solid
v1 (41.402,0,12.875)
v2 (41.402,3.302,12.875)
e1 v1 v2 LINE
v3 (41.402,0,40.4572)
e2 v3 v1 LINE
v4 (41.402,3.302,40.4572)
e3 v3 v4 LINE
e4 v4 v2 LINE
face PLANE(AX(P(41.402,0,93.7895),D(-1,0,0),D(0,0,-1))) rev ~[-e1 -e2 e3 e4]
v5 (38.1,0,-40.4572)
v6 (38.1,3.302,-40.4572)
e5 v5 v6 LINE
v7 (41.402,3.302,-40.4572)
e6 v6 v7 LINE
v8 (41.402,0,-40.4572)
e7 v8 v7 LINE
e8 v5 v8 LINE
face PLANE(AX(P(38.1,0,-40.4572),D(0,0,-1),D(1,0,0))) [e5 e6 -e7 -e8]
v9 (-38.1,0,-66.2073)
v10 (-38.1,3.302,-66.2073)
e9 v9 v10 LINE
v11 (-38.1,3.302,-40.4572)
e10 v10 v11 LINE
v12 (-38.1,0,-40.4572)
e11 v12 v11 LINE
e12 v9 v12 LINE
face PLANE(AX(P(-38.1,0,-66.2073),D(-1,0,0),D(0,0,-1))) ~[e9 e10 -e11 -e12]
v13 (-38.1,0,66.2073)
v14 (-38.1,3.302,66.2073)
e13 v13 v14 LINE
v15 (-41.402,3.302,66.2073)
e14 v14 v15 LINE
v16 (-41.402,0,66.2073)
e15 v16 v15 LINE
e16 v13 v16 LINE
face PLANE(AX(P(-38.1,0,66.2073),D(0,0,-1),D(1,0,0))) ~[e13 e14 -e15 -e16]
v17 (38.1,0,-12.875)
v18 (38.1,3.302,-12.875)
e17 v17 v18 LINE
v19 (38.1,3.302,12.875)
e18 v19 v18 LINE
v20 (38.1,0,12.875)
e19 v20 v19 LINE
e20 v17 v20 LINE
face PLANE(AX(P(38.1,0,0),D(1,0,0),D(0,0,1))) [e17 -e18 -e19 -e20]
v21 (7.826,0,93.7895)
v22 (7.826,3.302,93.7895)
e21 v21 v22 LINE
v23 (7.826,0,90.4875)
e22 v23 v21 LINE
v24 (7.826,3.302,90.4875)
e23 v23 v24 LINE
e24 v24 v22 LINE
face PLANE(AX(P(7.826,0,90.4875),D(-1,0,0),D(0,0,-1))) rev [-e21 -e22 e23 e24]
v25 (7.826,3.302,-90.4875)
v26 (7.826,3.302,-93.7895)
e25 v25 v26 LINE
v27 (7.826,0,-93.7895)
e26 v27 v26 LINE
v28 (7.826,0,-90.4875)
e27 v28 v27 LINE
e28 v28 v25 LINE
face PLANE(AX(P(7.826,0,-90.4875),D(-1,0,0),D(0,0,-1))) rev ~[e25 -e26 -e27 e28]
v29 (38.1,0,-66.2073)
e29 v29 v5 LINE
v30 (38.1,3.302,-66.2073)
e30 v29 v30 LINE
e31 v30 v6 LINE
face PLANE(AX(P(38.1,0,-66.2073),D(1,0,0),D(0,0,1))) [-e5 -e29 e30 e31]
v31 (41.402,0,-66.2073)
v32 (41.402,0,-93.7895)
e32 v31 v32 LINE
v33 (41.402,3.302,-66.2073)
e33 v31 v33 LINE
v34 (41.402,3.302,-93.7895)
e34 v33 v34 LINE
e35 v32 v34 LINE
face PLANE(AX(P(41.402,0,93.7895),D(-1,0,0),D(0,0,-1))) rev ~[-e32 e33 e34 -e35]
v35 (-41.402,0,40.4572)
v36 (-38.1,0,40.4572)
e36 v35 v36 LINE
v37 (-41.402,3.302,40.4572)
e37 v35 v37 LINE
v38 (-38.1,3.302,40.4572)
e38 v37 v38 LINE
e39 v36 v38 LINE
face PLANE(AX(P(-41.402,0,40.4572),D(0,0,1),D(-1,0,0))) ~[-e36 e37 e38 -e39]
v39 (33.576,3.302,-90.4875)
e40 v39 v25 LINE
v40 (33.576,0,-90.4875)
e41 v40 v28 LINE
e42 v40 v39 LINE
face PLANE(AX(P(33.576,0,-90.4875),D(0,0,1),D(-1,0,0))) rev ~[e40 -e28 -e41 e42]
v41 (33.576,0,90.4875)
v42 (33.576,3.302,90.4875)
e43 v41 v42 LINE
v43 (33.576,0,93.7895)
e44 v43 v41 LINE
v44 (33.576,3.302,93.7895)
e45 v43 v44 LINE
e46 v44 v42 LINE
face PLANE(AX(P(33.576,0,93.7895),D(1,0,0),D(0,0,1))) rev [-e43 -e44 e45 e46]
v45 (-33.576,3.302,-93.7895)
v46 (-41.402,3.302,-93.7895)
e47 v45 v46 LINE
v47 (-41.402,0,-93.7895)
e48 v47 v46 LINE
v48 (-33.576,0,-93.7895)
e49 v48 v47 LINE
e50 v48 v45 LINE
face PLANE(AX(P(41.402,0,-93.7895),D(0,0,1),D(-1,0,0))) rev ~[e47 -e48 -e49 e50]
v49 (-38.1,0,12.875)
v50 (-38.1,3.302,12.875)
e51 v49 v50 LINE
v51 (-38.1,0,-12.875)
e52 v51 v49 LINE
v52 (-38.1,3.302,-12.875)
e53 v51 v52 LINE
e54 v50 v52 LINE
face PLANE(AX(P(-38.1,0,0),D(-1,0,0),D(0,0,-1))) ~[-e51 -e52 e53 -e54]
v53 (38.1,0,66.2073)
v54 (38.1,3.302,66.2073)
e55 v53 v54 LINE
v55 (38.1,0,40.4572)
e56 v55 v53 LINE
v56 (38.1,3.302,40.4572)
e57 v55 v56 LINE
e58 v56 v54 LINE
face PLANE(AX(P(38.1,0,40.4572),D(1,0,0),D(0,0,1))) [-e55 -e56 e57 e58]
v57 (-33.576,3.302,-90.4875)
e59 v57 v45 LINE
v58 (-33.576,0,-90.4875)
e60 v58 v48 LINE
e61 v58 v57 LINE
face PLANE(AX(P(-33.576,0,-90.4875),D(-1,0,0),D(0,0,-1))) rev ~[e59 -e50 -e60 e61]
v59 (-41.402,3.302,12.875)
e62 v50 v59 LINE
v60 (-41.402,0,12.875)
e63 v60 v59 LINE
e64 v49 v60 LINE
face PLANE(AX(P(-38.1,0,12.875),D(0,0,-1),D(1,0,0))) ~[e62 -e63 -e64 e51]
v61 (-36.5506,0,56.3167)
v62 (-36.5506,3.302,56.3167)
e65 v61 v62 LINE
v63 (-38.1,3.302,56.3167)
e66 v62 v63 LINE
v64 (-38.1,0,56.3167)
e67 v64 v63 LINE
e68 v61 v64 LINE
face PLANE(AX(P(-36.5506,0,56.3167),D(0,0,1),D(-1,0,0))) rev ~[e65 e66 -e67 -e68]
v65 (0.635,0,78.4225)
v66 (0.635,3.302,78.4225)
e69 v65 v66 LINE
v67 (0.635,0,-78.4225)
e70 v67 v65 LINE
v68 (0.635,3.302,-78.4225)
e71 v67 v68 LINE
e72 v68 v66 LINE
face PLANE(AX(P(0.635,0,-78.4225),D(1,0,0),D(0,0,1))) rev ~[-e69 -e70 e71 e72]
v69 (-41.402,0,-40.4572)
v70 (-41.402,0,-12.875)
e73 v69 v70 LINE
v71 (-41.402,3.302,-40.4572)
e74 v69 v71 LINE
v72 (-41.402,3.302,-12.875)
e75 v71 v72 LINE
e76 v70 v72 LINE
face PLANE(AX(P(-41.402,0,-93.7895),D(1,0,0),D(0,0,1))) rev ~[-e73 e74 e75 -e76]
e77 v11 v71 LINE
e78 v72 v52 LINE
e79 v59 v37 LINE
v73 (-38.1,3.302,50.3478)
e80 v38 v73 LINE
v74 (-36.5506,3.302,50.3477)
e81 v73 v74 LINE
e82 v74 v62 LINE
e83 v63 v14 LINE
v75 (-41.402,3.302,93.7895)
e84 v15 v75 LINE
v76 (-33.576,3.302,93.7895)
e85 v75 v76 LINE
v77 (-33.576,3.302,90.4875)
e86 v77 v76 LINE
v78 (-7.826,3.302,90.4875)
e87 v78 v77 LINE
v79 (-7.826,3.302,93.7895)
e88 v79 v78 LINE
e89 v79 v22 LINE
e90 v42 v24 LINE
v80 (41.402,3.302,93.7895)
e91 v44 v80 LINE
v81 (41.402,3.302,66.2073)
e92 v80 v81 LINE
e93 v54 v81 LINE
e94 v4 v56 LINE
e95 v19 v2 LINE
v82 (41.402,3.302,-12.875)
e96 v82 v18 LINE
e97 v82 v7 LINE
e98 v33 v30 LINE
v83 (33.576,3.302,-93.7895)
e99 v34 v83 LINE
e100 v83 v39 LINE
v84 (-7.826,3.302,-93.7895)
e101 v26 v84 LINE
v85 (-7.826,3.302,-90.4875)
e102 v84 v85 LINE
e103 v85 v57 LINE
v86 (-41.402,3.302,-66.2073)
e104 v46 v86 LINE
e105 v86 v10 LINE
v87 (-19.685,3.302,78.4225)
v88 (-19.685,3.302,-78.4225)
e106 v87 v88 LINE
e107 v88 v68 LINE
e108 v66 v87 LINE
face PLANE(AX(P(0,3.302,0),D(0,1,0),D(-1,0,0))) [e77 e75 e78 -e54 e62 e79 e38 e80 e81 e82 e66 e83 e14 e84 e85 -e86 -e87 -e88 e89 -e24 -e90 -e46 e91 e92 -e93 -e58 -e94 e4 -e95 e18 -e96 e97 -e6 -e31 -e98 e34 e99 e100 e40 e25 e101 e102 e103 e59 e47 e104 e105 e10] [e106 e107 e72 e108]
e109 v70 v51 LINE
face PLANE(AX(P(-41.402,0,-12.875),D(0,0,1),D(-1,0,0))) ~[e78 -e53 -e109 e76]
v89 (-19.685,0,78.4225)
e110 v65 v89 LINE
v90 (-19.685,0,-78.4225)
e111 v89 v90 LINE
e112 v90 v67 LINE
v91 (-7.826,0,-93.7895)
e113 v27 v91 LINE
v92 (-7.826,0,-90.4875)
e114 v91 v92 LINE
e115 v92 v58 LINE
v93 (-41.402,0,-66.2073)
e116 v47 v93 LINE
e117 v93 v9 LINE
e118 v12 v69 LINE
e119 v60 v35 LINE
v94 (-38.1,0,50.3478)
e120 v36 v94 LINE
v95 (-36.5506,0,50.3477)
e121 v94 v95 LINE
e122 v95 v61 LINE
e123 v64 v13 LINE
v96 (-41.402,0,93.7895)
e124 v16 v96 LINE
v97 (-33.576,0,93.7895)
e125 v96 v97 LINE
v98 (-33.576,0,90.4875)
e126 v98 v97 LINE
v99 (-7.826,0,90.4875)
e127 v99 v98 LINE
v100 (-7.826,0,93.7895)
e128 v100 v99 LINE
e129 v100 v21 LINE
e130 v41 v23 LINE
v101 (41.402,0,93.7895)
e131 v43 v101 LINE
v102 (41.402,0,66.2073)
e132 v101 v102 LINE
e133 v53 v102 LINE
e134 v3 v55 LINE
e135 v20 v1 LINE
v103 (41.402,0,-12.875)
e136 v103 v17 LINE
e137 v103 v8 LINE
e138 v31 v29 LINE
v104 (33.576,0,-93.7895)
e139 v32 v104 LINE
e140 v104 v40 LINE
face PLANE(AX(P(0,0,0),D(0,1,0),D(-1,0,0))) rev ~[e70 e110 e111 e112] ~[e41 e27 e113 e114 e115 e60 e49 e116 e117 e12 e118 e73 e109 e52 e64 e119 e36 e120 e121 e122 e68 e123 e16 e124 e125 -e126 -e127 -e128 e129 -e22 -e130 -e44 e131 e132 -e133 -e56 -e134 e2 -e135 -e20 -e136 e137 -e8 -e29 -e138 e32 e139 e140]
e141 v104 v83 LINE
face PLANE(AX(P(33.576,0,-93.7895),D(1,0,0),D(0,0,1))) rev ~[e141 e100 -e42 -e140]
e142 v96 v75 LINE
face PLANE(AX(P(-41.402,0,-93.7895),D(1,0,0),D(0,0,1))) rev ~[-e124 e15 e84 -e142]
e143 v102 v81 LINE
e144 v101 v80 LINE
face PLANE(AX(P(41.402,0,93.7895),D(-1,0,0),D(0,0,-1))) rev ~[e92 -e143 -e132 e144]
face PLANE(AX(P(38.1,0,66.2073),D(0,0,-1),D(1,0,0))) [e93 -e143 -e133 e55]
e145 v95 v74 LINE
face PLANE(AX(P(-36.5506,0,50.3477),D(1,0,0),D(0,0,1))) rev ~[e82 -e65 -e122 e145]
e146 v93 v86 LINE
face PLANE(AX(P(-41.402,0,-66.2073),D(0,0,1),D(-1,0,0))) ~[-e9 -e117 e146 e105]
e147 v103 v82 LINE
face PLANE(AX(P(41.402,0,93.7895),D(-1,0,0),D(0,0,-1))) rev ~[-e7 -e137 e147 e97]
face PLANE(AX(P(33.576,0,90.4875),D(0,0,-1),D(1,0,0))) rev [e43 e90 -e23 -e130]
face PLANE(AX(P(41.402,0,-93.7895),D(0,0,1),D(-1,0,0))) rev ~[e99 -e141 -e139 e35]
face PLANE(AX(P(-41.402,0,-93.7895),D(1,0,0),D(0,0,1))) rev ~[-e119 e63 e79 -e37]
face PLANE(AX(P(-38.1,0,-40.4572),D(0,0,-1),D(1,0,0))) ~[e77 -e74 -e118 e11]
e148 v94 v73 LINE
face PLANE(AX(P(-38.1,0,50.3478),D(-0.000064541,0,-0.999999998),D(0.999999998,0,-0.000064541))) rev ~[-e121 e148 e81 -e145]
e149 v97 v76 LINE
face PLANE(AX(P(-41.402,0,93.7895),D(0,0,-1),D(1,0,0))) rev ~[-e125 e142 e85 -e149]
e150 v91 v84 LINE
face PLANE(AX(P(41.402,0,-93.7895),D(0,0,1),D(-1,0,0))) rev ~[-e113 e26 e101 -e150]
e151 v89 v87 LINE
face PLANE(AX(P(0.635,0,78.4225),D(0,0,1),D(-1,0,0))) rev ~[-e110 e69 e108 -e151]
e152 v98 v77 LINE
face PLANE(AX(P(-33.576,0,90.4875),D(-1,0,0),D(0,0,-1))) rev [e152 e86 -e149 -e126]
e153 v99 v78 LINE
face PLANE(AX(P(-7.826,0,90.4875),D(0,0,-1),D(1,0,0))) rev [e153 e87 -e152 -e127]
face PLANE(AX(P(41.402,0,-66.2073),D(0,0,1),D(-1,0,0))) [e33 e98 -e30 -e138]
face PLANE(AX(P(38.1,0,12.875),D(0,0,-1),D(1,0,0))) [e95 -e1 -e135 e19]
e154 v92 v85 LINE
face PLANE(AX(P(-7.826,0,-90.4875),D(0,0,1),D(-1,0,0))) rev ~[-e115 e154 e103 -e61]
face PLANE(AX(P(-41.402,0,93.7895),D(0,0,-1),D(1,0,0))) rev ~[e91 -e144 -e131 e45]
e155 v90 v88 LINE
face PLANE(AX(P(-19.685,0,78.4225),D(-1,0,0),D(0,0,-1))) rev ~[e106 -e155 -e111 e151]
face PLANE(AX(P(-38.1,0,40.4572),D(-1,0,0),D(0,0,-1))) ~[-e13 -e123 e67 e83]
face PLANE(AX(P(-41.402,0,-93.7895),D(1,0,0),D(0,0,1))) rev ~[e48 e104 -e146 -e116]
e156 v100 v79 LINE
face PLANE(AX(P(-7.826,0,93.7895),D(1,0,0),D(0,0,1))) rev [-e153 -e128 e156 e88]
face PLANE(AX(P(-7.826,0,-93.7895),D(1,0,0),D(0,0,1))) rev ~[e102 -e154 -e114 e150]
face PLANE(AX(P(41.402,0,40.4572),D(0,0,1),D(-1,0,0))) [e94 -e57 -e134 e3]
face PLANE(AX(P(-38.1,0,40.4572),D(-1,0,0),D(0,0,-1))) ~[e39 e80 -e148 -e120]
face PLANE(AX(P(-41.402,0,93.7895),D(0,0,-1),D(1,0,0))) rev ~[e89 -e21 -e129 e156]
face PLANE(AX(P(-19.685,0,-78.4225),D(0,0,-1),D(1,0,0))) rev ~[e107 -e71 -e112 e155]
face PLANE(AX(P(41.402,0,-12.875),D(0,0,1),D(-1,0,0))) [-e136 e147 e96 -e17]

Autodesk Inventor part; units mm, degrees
ref_plane "YZ Plane" through (0, 0, 0) normal (1, 0, 0) x (0, 1, 0)
ref_plane "XZ Plane" through (0, 0, 0) normal (0, 1, 0) x (-1, 0, 0)
ref_plane "XY Plane" through (0, 0, 0) normal (0, 0, 1) x (1, 0, 0)
sketch "Sketch1" plane through (0, 0, 0) normal (0, 1, 0) x (-1, 0, 0)
  line L0 (-38.1, 90.4875) -> (38.1, 90.4875) construction
  line L1 (38.1, 90.4875) -> (38.1, -90.4875) construction
  line L2 (38.1, -90.4875) -> (-38.1, -90.4875) construction
  line L3 (-38.1, -90.4875) -> (-38.1, 90.4875) construction
  line L4 (-38.1, 90.4875) -> (38.1, -90.4875) construction
  line L5 (38.1, 90.4875) -> (-38.1, -90.4875) construction
  line L6 (19.05, 77.7875) -> (0, 77.7875) construction
  line L7 (0, 77.7875) -> (0, -77.7875) construction
  line L8 (0, -77.7875) -> (19.05, -77.7875) construction
  line L9 (19.05, -77.7875) -> (19.05, 77.7875) construction
  line L10 (41.402, 93.7895) -> (-41.402, 93.7895)
  line L11 (-41.402, 93.7895) -> (-41.402, -93.7895)
  line L12 (-41.402, -93.7895) -> (41.402, -93.7895)
  line L13 (41.402, -93.7895) -> (41.402, 93.7895)
  line L14 (41.402, 93.7895) -> (-41.402, -93.7895) construction
  line L15 (-41.402, 93.7895) -> (41.402, -93.7895) construction
  line L16 (19.685, -78.4225) -> (-0.635, -78.4225)
  line L17 (-0.635, -78.4225) -> (-0.635, 78.4225)
  line L18 (-0.635, 78.4225) -> (19.685, 78.4225)
  line L19 (19.685, 78.4225) -> (19.685, -78.4225)
  point P0 (0, 0)
  point P1 (0, 0)
  point P2 (0, 0)
  point P3 (9.525, -78.4225)
  point P4 (9.525, -77.7875)
  point P5 (19.685, 0)
  point P6 (19.05, 0)
  dimension "d0" = 19.05
  dimension "d1" = 155.575
  dimension "d2" = 3.302
  dimension "d3" = 3.302
  dimension "d4" = 12.7
  dimension "d5" = 19.05
  dimension "d6" = 38.1
  dimension "d7" = 0.635
  dimension "d8" = 0.635
extrude "Extrusion1" add sketch "Sketch1" along normal blind 3.302
sketch "Sketch2" plane through (0, 0, 0) normal (0, 1, 0) x (-1, 0, 0)
  line L0 (-41.402, 93.7895) -> (-41.402, -93.7895) projected
  line L1 (-41.402, -93.7895) -> (41.402, -93.7895) projected
  line L2 (41.402, -93.7895) -> (41.402, 93.7895) projected
  line L3 (41.402, 93.7895) -> (-41.402, 93.7895) projected
  line L4 (33.576, -93.7895) -> (7.826, -93.7895)
  line L5 (7.826, -93.7895) -> (7.826, -90.4875)
  line L6 (7.826, -90.4875) -> (33.576, -90.4875)
  line L7 (33.576, -90.4875) -> (33.576, -93.7895)
  line L8 (-7.826, -93.7895) -> (-33.576, -93.7895)
  line L9 (-33.576, -93.7895) -> (-33.576, -90.4875)
  line L10 (-33.576, -90.4875) -> (-7.826, -90.4875)
  line L11 (-7.826, -90.4875) -> (-7.826, -93.7895)
  line L12 (0, -131.3053) -> (0, 131.3053) projected
  line L13 (-66.8528, 0) -> (66.8528, 0) projected
  line L14 (-41.402, -66.2073) -> (-38.1, -66.2073)
  line L15 (-38.1, -66.2073) -> (-38.1, -40.4572)
  line L16 (-38.1, -40.4572) -> (-41.402, -40.4572)
  line L17 (-41.402, -40.4572) -> (-41.402, -66.2073)
  line L18 (-41.402, -12.875) -> (-38.1, -12.875)
  line L19 (-38.1, -12.875) -> (-38.1, 12.875)
  line L20 (-38.1, 12.875) -> (-41.402, 12.875)
  line L21 (-41.402, 12.875) -> (-41.402, -12.875)
  line L22 (-41.402, 40.4572) -> (-38.1, 40.4572)
  line L23 (-38.1, 40.4572) -> (-38.1, 66.2073)
  line L24 (-38.1, 66.2073) -> (-41.402, 66.2073)
  line L25 (-41.402, 66.2073) -> (-41.402, 40.4572)
  line L26 (38.1, 50.3478) -> (36.5506, 50.3477)
  line L27 (36.5506, 50.3477) -> (36.5506, 56.3167)
  line L28 (36.5506, 56.3167) -> (38.1, 56.3167)
  line L29 (38.1, 56.3167) -> (38.1, 50.3478)
  point P0 (0, 0)
  point P1 (20.701, -90.4875)
  point P2 (-38.1, -53.3322)
  point P3 (36.5506, 53.3322)
  point P4 (-38.1, 53.3322)
  dimension "d11" = 25.75
  dimension "d13" = 3.302
  dimension "d14" = 41.402
  dimension "d15" = 20.701
  dimension "d19" = 3.302
  dimension "d24" = 40.4573
  dimension "d25" = 80.9145
  dimension "d33" = 1.5494
  dimension "d34" = 5.969
  dimension "d35" = 3.302
  dimension "d36" = 40.4573
extrude "Extrusion2" cut sketch "Sketch2" along normal blind 3.302 contours L24 L23 L22 L0 | L20 L19 L13 L0 | L19 L18 L0 L13 | L16 L15 L14 L0
extrude "Extrusion3" cut sketch "Sketch2" along normal blind 3.302 contours L1 L9 L10 L11 | L5 L6 L7 L1
mirror "Mirror1" about plane through (0, 0, 0) normal (1, 0, 0) of "Extrusion2"
mirror "Mirror2" about plane through (0, 0, 0) normal (0, 0, 1) of "Extrusion3"
extrude "Extrusion4" cut sketch "Sketch2" along normal blind 3.302 contours L26 L27 L28 L29
equation "\"d2\" = encThick"
equation "\"d3\" = encThick"
equation "\"d9\" = encThick"
equation "\"d13\" = encThick"
equation "\"d15\" = 0.5 * d14"
equation "\"d19\" = d13"
equation "\"d24\" = 0.5 * d25"
equation "\"d35\" = encThick"
equation "\"d26\" = encThick"
equation "\"d28\" = encThick"
equation "\"d37\" = encThick"
equation "\"encThick\" = 3.302"
equation "\"encTab\" = 25.4"
equation "\"antOffset\" = d36"
properties part number "Enclosure Top" material "Glass"
